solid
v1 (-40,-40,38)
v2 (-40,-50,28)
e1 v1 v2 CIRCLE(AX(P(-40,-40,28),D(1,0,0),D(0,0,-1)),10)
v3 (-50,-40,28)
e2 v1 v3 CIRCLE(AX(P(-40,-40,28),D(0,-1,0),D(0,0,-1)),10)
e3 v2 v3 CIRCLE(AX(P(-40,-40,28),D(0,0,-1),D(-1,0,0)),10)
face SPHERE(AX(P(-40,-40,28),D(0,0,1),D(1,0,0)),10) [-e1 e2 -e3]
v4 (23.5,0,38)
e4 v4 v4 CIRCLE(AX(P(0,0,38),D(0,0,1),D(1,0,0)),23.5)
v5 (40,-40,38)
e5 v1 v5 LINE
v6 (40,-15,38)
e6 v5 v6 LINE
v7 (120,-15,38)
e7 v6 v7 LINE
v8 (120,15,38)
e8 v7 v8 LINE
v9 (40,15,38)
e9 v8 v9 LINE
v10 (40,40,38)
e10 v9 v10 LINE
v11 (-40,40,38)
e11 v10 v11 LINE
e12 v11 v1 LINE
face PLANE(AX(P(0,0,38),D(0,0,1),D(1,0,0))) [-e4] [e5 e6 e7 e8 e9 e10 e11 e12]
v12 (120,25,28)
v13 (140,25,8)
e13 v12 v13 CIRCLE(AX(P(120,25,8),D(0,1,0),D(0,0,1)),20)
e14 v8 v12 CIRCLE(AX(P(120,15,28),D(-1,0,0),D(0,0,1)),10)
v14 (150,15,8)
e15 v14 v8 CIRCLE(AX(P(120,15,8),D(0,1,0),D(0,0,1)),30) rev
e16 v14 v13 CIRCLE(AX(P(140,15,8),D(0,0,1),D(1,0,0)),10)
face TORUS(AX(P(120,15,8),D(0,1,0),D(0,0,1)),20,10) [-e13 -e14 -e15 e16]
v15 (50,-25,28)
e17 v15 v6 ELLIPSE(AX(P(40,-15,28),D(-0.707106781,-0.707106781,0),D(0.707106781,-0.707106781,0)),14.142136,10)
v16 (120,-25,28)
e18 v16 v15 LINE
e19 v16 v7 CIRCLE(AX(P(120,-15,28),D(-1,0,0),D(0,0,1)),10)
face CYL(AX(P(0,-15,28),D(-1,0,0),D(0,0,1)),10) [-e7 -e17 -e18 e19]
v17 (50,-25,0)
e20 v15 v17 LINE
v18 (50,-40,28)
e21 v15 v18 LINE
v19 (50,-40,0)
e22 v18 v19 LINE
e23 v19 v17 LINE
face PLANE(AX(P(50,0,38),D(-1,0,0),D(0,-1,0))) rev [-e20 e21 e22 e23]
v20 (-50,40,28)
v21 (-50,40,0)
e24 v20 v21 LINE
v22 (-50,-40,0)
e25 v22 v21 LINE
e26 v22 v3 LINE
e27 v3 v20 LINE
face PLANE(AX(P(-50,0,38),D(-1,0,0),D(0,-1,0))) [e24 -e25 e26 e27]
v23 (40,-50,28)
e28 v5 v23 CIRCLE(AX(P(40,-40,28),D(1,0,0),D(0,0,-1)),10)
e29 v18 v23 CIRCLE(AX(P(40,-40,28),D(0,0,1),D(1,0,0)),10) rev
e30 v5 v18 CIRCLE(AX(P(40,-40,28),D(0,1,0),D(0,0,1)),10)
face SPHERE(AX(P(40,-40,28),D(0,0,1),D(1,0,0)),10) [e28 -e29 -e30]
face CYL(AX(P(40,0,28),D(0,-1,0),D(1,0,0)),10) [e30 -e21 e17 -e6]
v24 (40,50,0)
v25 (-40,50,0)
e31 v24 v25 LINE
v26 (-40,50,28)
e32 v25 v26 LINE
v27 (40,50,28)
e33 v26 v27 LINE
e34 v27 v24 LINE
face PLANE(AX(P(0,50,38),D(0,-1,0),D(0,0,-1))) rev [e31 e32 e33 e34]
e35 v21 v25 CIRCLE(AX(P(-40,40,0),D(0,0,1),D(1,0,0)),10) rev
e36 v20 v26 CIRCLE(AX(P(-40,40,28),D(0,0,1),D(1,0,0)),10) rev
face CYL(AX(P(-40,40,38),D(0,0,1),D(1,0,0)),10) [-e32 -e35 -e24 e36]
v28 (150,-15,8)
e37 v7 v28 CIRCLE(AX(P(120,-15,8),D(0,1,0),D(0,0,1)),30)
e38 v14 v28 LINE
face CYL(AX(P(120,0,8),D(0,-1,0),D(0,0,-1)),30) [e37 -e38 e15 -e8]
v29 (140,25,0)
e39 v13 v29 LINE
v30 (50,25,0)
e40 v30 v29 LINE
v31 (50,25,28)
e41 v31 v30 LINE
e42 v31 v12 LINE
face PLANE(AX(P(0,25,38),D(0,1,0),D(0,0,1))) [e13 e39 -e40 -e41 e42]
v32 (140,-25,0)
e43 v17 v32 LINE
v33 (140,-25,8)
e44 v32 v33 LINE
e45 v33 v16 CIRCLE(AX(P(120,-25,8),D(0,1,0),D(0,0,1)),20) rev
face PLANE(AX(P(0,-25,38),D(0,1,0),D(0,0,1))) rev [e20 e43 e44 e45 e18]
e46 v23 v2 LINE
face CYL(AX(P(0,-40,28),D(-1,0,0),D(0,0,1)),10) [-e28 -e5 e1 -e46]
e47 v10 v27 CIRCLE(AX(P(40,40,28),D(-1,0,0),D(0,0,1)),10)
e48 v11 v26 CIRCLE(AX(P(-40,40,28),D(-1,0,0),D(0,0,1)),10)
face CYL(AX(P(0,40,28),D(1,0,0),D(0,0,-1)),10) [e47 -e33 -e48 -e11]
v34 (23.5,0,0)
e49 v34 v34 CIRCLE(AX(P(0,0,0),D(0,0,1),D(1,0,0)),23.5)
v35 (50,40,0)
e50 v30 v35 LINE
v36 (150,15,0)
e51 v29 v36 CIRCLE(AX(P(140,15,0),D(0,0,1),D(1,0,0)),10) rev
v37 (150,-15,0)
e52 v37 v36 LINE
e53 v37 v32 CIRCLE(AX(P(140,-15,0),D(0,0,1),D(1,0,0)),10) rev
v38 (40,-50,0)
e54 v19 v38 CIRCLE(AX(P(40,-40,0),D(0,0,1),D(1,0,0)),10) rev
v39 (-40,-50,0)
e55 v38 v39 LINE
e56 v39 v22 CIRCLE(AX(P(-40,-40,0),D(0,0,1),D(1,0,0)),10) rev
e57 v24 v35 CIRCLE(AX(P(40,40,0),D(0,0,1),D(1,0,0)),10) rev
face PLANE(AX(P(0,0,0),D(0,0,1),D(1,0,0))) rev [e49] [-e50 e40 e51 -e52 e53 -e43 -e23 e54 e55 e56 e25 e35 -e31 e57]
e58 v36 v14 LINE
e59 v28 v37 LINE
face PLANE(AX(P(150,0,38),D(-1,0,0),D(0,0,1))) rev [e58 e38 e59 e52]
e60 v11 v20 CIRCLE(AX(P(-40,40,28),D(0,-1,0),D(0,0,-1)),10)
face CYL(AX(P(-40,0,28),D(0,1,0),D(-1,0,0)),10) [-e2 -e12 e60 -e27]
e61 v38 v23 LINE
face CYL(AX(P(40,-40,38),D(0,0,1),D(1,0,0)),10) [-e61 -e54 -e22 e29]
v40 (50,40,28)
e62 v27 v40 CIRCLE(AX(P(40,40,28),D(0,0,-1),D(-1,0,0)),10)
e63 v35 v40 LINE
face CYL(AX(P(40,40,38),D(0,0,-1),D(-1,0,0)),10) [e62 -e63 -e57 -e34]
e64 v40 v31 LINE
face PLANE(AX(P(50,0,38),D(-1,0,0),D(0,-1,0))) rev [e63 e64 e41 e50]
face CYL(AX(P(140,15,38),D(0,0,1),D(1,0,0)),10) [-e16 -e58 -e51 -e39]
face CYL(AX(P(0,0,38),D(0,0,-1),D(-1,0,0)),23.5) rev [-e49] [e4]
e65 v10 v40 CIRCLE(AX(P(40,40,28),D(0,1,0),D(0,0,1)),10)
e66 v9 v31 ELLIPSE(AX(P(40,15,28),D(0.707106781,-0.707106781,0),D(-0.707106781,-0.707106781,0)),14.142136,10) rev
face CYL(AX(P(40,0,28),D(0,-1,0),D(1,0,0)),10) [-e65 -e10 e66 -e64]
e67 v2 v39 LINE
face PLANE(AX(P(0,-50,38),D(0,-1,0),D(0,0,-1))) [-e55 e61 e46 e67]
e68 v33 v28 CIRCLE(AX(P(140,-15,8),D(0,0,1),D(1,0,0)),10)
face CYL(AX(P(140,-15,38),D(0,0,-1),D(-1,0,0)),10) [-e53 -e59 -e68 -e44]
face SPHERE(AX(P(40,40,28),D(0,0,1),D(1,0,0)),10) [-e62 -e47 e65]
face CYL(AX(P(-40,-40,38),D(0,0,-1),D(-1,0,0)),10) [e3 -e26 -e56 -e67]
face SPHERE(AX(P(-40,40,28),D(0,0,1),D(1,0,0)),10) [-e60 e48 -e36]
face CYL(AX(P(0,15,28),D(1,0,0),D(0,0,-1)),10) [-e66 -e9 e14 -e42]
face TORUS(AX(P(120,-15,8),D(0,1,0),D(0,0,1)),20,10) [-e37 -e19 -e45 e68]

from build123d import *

# Parameters (mm, degrees)
SKETCH_1_W      = 100
SKETCH_1_H      = 25
EXTRUDE_1_DEPTH = 38
FILLET_1_R      = 10
FILLET_2_R      = 30
FILLET_3_R      = 10


with BuildPart() as part:
    # 草图1 → 凸台-拉伸1 (new body)
    with BuildSketch(Plane.XY):
        with BuildLine():
            Line((0, 23.5), (0, 25))
            Line((0, 25), (0, 48.210201589))
            Line((0, 48.210201589), (0, 50))
            Line((0, 50), (-50, 50))
            Line((-50, 50), (-50, 0))
            Line((-50, 0), (-23.5, 0))
            ThreePointArc((-23.5, 0), (-16.617009358, 16.617009358), (0, 23.5))
        make_face()
        with BuildLine():
            Line((50, 0), (23.5, 0))
            ThreePointArc((23.5, 0), (16.617009358, -16.617009358), (0, -23.5))
            Line((0, -23.5), (0, -25))
            Line((0, -25), (50, -25))
            Line((50, -25), (50, 0))
        make_face()
        with BuildLine():
            Line((50, 25), (0, 25))
            Line((0, 25), (0, 23.5))
            ThreePointArc((0, 23.5), (16.617009358, 16.617009358), (23.5, 0))
            Line((23.5, 0), (50, 0))
            Line((50, 0), (50, 25))
        make_face()
        Polygon((0, 48.210201589), (0, 25), (50, 25), (50, 50), (0, 50), align=None)
        with Locations((100, 12.5)):
            Rectangle(SKETCH_1_W, SKETCH_1_H)
        with Locations((100, -12.5)):
            Rectangle(SKETCH_1_W, SKETCH_1_H)
        with BuildLine():
            ThreePointArc((0, -23.5), (-16.617009358, -16.617009358), (-23.5, 0))
            Line((-23.5, 0), (-50, 0))
            Line((-50, 0), (-50, -50))
            Line((-50, -50), (50, -50))
            Line((50, -50), (50, -25))
            Line((50, -25), (0, -25))
            Line((0, -25), (0, -23.5))
        make_face()
    extrude(amount=EXTRUDE_1_DEPTH)

    # 圆角1
    fillet_1_edges = [part.edges().sort_by_distance(p)[0] for p in [
        (50, -50, 19),
        (-50, -50, 19),
        (-50, 50, 19),
        (50, 50, 19),
    ]]
    fillet(fillet_1_edges, radius=FILLET_1_R)

    # 圆角2
    fillet_2_edges = [part.edges().sort_by_distance(p)[0] for p in [
        (150, 0, 38),
    ]]
    fillet(fillet_2_edges, radius=FILLET_2_R)

    # 圆角3
    fillet_3_edges = [part.edges().sort_by_distance(p)[0] for p in [
        (85, 25, 38),
        (50, 32.5, 38),
        (0, 50, 38),
        (-50, 0, 38),
        (0, -50, 38),
        (50, -32.5, 38),
        (-47.071067812, 47.071067812, 38),
        (-47.071067812, -47.071067812, 38),
        (85, -25, 38),
        (47.071067812, -47.071067812, 38),
        (47.071067812, 47.071067812, 38),
        (150, 25, 4),
        (141.213203436, 25, 29.213203436),
        (150, -25, 4),
        (141.213203436, -25, 29.213203436),
    ]]
    fillet(fillet_3_edges, radius=FILLET_3_R)


solid = part.part
